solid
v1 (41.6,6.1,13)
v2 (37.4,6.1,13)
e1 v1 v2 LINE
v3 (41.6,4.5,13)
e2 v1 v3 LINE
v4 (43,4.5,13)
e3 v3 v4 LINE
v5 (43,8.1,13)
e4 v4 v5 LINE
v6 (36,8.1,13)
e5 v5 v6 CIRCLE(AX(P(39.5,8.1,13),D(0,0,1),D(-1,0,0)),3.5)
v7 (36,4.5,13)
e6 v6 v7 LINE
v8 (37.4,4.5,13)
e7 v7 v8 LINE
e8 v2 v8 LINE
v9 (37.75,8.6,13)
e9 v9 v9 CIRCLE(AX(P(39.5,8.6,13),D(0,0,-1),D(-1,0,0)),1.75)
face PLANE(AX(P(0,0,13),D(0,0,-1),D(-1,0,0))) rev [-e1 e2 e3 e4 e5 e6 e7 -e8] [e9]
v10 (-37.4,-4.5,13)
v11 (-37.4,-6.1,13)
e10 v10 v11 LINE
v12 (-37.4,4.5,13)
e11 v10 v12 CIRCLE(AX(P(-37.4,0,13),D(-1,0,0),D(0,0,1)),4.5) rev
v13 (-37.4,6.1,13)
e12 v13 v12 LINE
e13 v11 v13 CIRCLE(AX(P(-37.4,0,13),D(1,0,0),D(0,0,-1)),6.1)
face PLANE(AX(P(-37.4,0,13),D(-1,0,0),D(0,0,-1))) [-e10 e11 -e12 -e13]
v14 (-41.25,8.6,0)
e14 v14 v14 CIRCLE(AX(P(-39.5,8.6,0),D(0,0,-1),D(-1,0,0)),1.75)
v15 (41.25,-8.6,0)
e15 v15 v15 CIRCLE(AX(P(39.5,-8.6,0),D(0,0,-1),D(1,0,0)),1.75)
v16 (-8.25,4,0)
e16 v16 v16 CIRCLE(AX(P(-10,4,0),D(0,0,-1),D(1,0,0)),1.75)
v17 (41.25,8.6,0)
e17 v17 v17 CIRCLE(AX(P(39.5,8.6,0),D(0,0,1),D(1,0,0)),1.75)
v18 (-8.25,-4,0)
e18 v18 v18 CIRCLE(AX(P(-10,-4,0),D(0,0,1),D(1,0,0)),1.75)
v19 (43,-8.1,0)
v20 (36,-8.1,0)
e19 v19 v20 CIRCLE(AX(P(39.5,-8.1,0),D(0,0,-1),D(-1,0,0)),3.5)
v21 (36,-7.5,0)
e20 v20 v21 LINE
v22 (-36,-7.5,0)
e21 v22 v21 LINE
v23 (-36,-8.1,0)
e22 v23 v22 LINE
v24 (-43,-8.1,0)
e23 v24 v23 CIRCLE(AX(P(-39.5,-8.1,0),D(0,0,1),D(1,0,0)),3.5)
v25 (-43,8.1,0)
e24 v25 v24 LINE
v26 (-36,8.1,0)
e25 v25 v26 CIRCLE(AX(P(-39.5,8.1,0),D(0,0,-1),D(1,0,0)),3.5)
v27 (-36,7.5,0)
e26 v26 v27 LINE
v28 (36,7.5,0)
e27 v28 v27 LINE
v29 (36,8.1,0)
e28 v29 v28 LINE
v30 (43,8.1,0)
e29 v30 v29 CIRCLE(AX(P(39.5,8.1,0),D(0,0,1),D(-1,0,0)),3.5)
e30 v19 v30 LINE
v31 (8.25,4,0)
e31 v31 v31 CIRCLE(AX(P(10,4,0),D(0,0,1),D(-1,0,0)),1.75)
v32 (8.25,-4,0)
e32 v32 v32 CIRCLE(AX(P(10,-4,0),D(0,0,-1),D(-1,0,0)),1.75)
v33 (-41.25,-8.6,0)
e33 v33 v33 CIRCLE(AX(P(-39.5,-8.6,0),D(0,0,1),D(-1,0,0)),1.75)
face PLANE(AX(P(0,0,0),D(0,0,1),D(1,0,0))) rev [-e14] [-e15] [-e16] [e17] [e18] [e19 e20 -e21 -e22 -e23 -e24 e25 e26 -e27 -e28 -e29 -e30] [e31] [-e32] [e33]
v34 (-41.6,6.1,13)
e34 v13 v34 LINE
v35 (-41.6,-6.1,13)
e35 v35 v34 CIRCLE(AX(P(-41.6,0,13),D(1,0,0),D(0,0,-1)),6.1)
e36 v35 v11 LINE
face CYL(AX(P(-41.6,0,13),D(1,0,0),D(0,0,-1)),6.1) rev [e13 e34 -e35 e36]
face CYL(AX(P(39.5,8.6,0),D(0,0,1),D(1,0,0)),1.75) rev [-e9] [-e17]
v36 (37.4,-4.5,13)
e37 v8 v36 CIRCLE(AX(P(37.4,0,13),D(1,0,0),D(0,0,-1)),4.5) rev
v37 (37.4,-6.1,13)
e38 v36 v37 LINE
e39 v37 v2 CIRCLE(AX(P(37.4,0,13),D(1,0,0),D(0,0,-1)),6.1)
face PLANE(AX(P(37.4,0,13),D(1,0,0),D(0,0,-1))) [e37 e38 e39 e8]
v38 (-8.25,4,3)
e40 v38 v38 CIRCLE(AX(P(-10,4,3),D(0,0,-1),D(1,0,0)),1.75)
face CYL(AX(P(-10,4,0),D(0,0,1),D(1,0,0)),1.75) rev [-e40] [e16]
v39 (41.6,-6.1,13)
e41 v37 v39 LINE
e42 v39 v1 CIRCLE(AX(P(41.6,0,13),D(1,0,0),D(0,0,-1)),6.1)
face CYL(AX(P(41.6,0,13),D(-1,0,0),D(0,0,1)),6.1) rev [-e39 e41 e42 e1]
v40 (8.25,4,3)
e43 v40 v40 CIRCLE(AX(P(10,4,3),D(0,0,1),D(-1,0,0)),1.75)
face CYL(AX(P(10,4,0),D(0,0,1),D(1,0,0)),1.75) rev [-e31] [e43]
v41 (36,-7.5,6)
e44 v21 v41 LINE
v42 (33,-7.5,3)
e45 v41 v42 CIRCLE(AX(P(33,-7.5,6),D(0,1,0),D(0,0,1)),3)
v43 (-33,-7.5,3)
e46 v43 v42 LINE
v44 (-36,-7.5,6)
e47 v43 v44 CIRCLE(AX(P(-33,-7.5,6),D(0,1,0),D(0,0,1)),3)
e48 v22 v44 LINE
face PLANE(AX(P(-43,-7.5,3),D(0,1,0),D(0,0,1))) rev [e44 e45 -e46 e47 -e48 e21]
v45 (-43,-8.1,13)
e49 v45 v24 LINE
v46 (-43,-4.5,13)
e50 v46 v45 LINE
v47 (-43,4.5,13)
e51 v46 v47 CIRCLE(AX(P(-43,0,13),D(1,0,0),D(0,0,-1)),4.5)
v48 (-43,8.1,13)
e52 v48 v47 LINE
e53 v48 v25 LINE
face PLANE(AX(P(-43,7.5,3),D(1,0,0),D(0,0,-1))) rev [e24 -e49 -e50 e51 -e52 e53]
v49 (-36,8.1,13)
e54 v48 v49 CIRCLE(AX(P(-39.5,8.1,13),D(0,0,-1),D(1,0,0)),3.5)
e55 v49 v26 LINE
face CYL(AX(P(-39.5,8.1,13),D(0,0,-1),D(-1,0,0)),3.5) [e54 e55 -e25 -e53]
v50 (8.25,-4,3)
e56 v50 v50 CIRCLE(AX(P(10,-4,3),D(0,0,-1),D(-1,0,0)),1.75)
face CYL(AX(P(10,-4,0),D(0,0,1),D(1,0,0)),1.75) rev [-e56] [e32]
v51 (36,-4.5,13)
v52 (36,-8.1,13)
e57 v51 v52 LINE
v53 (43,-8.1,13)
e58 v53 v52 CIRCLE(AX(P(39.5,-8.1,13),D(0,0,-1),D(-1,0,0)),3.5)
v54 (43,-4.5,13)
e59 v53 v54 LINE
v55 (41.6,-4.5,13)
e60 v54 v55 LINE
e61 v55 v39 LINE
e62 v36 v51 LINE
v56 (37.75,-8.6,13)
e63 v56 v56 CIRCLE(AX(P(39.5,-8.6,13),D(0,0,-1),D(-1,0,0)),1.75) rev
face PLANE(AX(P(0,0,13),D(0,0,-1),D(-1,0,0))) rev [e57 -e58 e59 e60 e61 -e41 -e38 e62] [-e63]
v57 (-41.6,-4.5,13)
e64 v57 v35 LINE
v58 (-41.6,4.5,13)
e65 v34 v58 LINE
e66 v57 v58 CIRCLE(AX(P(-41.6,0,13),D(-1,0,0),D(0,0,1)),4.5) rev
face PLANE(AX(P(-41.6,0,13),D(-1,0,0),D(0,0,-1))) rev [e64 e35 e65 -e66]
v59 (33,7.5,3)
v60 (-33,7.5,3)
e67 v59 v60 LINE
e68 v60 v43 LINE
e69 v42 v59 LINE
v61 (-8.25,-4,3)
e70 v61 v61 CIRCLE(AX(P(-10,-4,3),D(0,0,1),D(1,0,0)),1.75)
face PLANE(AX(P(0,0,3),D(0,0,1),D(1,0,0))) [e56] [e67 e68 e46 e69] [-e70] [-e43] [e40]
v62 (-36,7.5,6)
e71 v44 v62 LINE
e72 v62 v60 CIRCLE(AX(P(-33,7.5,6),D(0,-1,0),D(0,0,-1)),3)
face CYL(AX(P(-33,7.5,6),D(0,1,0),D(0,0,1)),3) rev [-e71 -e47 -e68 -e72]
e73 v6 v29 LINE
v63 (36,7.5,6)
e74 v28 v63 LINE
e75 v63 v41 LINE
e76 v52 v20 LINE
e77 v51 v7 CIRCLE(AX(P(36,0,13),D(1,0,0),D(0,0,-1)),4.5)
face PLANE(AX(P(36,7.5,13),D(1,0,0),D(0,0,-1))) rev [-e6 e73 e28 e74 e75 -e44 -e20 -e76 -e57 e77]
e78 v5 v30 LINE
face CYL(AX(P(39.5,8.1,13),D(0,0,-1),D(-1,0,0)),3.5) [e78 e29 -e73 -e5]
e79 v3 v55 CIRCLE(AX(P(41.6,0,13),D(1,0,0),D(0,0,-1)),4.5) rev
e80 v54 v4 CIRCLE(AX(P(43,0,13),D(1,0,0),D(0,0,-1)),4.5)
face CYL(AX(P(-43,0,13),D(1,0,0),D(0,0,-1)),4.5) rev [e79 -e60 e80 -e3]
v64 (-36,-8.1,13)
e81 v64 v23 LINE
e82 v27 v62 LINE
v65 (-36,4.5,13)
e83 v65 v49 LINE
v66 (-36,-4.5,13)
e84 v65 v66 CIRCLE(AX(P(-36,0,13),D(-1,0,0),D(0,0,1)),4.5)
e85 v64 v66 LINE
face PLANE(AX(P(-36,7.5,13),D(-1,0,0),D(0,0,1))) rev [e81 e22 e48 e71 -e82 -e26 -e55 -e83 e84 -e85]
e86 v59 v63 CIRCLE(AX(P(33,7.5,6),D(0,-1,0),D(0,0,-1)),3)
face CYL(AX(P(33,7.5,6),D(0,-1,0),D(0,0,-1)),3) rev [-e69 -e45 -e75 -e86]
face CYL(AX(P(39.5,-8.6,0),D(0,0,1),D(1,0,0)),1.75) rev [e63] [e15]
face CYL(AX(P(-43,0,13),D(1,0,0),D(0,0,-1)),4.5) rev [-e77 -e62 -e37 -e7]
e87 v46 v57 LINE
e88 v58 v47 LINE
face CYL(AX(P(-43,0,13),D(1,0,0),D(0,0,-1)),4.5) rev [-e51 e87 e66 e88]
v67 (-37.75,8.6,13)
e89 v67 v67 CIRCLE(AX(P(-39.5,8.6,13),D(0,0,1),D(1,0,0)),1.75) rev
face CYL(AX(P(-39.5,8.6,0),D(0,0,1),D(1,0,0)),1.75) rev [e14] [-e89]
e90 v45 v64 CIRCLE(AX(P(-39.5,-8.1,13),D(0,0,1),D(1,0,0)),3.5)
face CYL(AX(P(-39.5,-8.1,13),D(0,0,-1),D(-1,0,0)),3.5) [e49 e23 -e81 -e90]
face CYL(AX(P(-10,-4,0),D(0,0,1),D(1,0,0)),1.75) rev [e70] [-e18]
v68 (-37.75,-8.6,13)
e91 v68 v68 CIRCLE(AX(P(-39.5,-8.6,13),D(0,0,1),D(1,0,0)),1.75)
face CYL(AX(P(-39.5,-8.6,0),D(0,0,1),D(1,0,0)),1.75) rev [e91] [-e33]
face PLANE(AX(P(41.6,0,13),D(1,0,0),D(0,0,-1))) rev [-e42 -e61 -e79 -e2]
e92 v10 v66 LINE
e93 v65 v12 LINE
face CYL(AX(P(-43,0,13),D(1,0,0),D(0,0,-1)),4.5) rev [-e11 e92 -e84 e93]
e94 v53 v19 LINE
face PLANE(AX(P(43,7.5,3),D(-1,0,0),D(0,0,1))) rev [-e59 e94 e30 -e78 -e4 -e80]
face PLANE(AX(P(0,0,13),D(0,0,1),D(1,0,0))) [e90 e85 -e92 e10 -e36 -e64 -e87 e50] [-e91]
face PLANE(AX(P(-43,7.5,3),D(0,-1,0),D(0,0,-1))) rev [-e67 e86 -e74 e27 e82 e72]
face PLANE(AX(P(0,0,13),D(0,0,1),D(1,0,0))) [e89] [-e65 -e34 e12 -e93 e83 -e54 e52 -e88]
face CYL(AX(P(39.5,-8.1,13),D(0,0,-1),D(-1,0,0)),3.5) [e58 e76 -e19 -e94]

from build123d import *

# Parameters (mm, degrees)
SKETCH1_W                                  = 86
SKETCH1_H                                  = 15
BOSS_EXTRUDE1_DEPTH                        = 3
SKETCH2_W                                  = 7
SKETCH2_H                                  = 15
BOSS_EXTRUDE2_DEPTH                        = 10
SKETCH5_R                                  = 4.5
CUT_EXTRUDE1_DEPTH                         = 88.299770905
SKETCH6_R                                  = 6.1
CUT_EXTRUDE4_DEPTH                         = 2.1
BOSS_EXTRUDE3_DEPTH                        = 13
SKETCH8_R                                  = 1.75
CUT_EXTRUDE5_DEPTH                         = 47.395689455
SKETCH9_R                                  = 1.75
CUT_EXTRUDE6_DEPTH                         = 46.6460294
MIRROR1_AT_THE_SECOND_PLANE_COPY_1_SKETC_R = 6.1
MIRROR1_AT_THE_SECOND_PLANE_COPY_1_DEPTH   = 2.1
MIRROR1_AT_THE_SECOND_PLANE_COPY_2_DEPTH   = 13
MIRROR1_AT_THE_SECOND_PLANE_COPY_3_SKETC_R = 1.75
MIRROR1_AT_THE_SECOND_PLANE_COPY_3_DEPTH   = 47.395689455
MIRROR1_AT_THE_SECOND_PLANE_COPY_4_SKETC_R = 1.75
MIRROR1_AT_THE_SECOND_PLANE_COPY_4_DEPTH   = 46.6460294
FILLET1_R                                  = 3


with BuildPart() as part:
    # Sketch1 → Boss-Extrude1 (new body)
    with BuildSketch(Plane.XY):
        Rectangle(SKETCH1_W, SKETCH1_H)
    extrude(amount=BOSS_EXTRUDE1_DEPTH)

    # Sketch2 → Boss-Extrude2 (add)
    with BuildSketch(Plane.XY.offset(3)):
        with Locations((-39.5, 0)):
            Rectangle(SKETCH2_W, SKETCH2_H)
        with Locations((39.5, 0)):
            Rectangle(SKETCH2_W, SKETCH2_H)
    extrude(amount=BOSS_EXTRUDE2_DEPTH)

    # Sketch5 → Cut-Extrude1 (cut, through all)
    with BuildSketch(Plane(origin=(43, 0, 0), x_dir=(0, 0, -1), z_dir=(1, 0, 0))):
        with Locations((-13, 0)):
            Circle(SKETCH5_R)
    extrude(amount=-CUT_EXTRUDE1_DEPTH, mode=Mode.SUBTRACT)

    # Sketch6 → Cut-Extrude4 (cut, symmetric)
    with BuildSketch(Plane(origin=(39.5, 0, 0), x_dir=(0, 0, -1), z_dir=(1, 0, 0))):
        with Locations((-13, 0)):
            Circle(SKETCH6_R)
    cut_extrude4 = extrude(amount=CUT_EXTRUDE4_DEPTH, both=True, mode=Mode.SUBTRACT)

    # Sketch7 → Boss-Extrude3 (add)
    with BuildSketch(Plane.XY):
        with BuildLine():
            Line((37.4, 6.1), (41.6, 6.1))
            Line((41.6, 6.1), (41.6, 4.5))
            Line((41.6, 4.5), (43, 4.5))
            Line((43, 4.5), (43, 8.1))
            ThreePointArc((43, 8.1), (39.5, 11.6), (36, 8.1))
            Line((36, 8.1), (36, 4.5))
            Line((36, 4.5), (37.4, 4.5))
            Line((37.4, 4.5), (37.4, 6.1))
        make_face()
    boss_extrude3 = extrude(amount=BOSS_EXTRUDE3_DEPTH)

    # Sketch8 → Cut-Extrude5 (cut, symmetric)
    with BuildSketch(Plane.XY.offset(13)):
        with Locations((39.5, 8.6)):
            Circle(SKETCH8_R)
    cut_extrude5 = extrude(amount=CUT_EXTRUDE5_DEPTH, both=True, mode=Mode.SUBTRACT)

    # Sketch9 → Cut-Extrude6 (cut, through all)
    with BuildSketch(Plane.XY.offset(3)):
        with Locations((-10, -4)):
            Circle(SKETCH9_R)
    cut_extrude6 = extrude(amount=-CUT_EXTRUDE6_DEPTH, mode=Mode.SUBTRACT)

    # Mirror1: Cut-Extrude4, Boss-Extrude3, Cut-Extrude5, Cut-Extrude6 across plane
    add(cut_extrude4.mirror(Plane(origin=(0, 0, 0), x_dir=(0, 0, 1), z_dir=(1, 0, 0))), mode=Mode.SUBTRACT)
    add(boss_extrude3.mirror(Plane(origin=(0, 0, 0), x_dir=(0, 0, 1), z_dir=(1, 0, 0))))
    add(cut_extrude5.mirror(Plane(origin=(0, 0, 0), x_dir=(0, 0, 1), z_dir=(1, 0, 0))), mode=Mode.SUBTRACT)
    add(cut_extrude6.mirror(Plane(origin=(0, 0, 0), x_dir=(0, 0, 1), z_dir=(1, 0, 0))), mode=Mode.SUBTRACT)

    # Mirror1 at the second plane: Cut-Extrude4, Boss-Extrude3, Cut-Extrude5, Cut-Extrude6 across plane
    add(cut_extrude4.mirror(Plane.ZX), mode=Mode.SUBTRACT)
    add(boss_extrude3.mirror(Plane.ZX))
    add(cut_extrude5.mirror(Plane.ZX), mode=Mode.SUBTRACT)
    add(cut_extrude6.mirror(Plane.ZX), mode=Mode.SUBTRACT)

    # Mirror1 at the second plane copy 1 sketc → Mirror1 at the second plane copy 1 (cut, symmetric)
    with BuildSketch(Plane(origin=(-39.5, 0, 0), x_dir=(0, 0, -1), z_dir=(-1, 0, 0))):
        with Locations((-13, 0)):
            Circle(MIRROR1_AT_THE_SECOND_PLANE_COPY_1_SKETC_R)
    extrude(amount=MIRROR1_AT_THE_SECOND_PLANE_COPY_1_DEPTH, both=True, mode=Mode.SUBTRACT)

    # Mirror1 at the second plane copy 2 sketc → Mirror1 at the second plane copy 2 (add)
    with BuildSketch(Plane(origin=(0, 0, 0), x_dir=(-1, 0, 0), z_dir=(0, 0, 1))):
        with BuildLine():
            Line((37.4, 6.1), (41.6, 6.1))
            Line((41.6, 6.1), (41.6, 4.5))
            Line((41.6, 4.5), (43, 4.5))
            Line((43, 4.5), (43, 8.1))
            ThreePointArc((43, 8.1), (39.5, 11.6), (36, 8.1))
            Line((36, 8.1), (36, 4.5))
            Line((36, 4.5), (37.4, 4.5))
            Line((37.4, 4.5), (37.4, 6.1))
        make_face()
    extrude(amount=MIRROR1_AT_THE_SECOND_PLANE_COPY_2_DEPTH)

    # Mirror1 at the second plane copy 3 sketc → Mirror1 at the second plane copy 3 (cut, symmetric)
    with BuildSketch(Plane(origin=(0, 0, 13), x_dir=(-1, 0, 0), z_dir=(0, 0, 1))):
        with Locations((39.5, 8.6)):
            Circle(MIRROR1_AT_THE_SECOND_PLANE_COPY_3_SKETC_R)
    extrude(amount=MIRROR1_AT_THE_SECOND_PLANE_COPY_3_DEPTH, both=True, mode=Mode.SUBTRACT)

    # Mirror1 at the second plane copy 4 sketc → Mirror1 at the second plane copy 4 (cut, through all)
    with BuildSketch(Plane(origin=(0, 0, 3), x_dir=(-1, 0, 0), z_dir=(0, 0, 1))):
        with Locations((-10, -4)):
            Circle(MIRROR1_AT_THE_SECOND_PLANE_COPY_4_SKETC_R)
    extrude(amount=-MIRROR1_AT_THE_SECOND_PLANE_COPY_4_DEPTH, mode=Mode.SUBTRACT)

    # Fillet1
    fillet1_edges = [part.edges().sort_by_distance(p)[0] for p in [
        (-36, 0, 3),
        (36, 0, 3),
    ]]
    fillet(fillet1_edges, radius=FILLET1_R)


solid = part.part
